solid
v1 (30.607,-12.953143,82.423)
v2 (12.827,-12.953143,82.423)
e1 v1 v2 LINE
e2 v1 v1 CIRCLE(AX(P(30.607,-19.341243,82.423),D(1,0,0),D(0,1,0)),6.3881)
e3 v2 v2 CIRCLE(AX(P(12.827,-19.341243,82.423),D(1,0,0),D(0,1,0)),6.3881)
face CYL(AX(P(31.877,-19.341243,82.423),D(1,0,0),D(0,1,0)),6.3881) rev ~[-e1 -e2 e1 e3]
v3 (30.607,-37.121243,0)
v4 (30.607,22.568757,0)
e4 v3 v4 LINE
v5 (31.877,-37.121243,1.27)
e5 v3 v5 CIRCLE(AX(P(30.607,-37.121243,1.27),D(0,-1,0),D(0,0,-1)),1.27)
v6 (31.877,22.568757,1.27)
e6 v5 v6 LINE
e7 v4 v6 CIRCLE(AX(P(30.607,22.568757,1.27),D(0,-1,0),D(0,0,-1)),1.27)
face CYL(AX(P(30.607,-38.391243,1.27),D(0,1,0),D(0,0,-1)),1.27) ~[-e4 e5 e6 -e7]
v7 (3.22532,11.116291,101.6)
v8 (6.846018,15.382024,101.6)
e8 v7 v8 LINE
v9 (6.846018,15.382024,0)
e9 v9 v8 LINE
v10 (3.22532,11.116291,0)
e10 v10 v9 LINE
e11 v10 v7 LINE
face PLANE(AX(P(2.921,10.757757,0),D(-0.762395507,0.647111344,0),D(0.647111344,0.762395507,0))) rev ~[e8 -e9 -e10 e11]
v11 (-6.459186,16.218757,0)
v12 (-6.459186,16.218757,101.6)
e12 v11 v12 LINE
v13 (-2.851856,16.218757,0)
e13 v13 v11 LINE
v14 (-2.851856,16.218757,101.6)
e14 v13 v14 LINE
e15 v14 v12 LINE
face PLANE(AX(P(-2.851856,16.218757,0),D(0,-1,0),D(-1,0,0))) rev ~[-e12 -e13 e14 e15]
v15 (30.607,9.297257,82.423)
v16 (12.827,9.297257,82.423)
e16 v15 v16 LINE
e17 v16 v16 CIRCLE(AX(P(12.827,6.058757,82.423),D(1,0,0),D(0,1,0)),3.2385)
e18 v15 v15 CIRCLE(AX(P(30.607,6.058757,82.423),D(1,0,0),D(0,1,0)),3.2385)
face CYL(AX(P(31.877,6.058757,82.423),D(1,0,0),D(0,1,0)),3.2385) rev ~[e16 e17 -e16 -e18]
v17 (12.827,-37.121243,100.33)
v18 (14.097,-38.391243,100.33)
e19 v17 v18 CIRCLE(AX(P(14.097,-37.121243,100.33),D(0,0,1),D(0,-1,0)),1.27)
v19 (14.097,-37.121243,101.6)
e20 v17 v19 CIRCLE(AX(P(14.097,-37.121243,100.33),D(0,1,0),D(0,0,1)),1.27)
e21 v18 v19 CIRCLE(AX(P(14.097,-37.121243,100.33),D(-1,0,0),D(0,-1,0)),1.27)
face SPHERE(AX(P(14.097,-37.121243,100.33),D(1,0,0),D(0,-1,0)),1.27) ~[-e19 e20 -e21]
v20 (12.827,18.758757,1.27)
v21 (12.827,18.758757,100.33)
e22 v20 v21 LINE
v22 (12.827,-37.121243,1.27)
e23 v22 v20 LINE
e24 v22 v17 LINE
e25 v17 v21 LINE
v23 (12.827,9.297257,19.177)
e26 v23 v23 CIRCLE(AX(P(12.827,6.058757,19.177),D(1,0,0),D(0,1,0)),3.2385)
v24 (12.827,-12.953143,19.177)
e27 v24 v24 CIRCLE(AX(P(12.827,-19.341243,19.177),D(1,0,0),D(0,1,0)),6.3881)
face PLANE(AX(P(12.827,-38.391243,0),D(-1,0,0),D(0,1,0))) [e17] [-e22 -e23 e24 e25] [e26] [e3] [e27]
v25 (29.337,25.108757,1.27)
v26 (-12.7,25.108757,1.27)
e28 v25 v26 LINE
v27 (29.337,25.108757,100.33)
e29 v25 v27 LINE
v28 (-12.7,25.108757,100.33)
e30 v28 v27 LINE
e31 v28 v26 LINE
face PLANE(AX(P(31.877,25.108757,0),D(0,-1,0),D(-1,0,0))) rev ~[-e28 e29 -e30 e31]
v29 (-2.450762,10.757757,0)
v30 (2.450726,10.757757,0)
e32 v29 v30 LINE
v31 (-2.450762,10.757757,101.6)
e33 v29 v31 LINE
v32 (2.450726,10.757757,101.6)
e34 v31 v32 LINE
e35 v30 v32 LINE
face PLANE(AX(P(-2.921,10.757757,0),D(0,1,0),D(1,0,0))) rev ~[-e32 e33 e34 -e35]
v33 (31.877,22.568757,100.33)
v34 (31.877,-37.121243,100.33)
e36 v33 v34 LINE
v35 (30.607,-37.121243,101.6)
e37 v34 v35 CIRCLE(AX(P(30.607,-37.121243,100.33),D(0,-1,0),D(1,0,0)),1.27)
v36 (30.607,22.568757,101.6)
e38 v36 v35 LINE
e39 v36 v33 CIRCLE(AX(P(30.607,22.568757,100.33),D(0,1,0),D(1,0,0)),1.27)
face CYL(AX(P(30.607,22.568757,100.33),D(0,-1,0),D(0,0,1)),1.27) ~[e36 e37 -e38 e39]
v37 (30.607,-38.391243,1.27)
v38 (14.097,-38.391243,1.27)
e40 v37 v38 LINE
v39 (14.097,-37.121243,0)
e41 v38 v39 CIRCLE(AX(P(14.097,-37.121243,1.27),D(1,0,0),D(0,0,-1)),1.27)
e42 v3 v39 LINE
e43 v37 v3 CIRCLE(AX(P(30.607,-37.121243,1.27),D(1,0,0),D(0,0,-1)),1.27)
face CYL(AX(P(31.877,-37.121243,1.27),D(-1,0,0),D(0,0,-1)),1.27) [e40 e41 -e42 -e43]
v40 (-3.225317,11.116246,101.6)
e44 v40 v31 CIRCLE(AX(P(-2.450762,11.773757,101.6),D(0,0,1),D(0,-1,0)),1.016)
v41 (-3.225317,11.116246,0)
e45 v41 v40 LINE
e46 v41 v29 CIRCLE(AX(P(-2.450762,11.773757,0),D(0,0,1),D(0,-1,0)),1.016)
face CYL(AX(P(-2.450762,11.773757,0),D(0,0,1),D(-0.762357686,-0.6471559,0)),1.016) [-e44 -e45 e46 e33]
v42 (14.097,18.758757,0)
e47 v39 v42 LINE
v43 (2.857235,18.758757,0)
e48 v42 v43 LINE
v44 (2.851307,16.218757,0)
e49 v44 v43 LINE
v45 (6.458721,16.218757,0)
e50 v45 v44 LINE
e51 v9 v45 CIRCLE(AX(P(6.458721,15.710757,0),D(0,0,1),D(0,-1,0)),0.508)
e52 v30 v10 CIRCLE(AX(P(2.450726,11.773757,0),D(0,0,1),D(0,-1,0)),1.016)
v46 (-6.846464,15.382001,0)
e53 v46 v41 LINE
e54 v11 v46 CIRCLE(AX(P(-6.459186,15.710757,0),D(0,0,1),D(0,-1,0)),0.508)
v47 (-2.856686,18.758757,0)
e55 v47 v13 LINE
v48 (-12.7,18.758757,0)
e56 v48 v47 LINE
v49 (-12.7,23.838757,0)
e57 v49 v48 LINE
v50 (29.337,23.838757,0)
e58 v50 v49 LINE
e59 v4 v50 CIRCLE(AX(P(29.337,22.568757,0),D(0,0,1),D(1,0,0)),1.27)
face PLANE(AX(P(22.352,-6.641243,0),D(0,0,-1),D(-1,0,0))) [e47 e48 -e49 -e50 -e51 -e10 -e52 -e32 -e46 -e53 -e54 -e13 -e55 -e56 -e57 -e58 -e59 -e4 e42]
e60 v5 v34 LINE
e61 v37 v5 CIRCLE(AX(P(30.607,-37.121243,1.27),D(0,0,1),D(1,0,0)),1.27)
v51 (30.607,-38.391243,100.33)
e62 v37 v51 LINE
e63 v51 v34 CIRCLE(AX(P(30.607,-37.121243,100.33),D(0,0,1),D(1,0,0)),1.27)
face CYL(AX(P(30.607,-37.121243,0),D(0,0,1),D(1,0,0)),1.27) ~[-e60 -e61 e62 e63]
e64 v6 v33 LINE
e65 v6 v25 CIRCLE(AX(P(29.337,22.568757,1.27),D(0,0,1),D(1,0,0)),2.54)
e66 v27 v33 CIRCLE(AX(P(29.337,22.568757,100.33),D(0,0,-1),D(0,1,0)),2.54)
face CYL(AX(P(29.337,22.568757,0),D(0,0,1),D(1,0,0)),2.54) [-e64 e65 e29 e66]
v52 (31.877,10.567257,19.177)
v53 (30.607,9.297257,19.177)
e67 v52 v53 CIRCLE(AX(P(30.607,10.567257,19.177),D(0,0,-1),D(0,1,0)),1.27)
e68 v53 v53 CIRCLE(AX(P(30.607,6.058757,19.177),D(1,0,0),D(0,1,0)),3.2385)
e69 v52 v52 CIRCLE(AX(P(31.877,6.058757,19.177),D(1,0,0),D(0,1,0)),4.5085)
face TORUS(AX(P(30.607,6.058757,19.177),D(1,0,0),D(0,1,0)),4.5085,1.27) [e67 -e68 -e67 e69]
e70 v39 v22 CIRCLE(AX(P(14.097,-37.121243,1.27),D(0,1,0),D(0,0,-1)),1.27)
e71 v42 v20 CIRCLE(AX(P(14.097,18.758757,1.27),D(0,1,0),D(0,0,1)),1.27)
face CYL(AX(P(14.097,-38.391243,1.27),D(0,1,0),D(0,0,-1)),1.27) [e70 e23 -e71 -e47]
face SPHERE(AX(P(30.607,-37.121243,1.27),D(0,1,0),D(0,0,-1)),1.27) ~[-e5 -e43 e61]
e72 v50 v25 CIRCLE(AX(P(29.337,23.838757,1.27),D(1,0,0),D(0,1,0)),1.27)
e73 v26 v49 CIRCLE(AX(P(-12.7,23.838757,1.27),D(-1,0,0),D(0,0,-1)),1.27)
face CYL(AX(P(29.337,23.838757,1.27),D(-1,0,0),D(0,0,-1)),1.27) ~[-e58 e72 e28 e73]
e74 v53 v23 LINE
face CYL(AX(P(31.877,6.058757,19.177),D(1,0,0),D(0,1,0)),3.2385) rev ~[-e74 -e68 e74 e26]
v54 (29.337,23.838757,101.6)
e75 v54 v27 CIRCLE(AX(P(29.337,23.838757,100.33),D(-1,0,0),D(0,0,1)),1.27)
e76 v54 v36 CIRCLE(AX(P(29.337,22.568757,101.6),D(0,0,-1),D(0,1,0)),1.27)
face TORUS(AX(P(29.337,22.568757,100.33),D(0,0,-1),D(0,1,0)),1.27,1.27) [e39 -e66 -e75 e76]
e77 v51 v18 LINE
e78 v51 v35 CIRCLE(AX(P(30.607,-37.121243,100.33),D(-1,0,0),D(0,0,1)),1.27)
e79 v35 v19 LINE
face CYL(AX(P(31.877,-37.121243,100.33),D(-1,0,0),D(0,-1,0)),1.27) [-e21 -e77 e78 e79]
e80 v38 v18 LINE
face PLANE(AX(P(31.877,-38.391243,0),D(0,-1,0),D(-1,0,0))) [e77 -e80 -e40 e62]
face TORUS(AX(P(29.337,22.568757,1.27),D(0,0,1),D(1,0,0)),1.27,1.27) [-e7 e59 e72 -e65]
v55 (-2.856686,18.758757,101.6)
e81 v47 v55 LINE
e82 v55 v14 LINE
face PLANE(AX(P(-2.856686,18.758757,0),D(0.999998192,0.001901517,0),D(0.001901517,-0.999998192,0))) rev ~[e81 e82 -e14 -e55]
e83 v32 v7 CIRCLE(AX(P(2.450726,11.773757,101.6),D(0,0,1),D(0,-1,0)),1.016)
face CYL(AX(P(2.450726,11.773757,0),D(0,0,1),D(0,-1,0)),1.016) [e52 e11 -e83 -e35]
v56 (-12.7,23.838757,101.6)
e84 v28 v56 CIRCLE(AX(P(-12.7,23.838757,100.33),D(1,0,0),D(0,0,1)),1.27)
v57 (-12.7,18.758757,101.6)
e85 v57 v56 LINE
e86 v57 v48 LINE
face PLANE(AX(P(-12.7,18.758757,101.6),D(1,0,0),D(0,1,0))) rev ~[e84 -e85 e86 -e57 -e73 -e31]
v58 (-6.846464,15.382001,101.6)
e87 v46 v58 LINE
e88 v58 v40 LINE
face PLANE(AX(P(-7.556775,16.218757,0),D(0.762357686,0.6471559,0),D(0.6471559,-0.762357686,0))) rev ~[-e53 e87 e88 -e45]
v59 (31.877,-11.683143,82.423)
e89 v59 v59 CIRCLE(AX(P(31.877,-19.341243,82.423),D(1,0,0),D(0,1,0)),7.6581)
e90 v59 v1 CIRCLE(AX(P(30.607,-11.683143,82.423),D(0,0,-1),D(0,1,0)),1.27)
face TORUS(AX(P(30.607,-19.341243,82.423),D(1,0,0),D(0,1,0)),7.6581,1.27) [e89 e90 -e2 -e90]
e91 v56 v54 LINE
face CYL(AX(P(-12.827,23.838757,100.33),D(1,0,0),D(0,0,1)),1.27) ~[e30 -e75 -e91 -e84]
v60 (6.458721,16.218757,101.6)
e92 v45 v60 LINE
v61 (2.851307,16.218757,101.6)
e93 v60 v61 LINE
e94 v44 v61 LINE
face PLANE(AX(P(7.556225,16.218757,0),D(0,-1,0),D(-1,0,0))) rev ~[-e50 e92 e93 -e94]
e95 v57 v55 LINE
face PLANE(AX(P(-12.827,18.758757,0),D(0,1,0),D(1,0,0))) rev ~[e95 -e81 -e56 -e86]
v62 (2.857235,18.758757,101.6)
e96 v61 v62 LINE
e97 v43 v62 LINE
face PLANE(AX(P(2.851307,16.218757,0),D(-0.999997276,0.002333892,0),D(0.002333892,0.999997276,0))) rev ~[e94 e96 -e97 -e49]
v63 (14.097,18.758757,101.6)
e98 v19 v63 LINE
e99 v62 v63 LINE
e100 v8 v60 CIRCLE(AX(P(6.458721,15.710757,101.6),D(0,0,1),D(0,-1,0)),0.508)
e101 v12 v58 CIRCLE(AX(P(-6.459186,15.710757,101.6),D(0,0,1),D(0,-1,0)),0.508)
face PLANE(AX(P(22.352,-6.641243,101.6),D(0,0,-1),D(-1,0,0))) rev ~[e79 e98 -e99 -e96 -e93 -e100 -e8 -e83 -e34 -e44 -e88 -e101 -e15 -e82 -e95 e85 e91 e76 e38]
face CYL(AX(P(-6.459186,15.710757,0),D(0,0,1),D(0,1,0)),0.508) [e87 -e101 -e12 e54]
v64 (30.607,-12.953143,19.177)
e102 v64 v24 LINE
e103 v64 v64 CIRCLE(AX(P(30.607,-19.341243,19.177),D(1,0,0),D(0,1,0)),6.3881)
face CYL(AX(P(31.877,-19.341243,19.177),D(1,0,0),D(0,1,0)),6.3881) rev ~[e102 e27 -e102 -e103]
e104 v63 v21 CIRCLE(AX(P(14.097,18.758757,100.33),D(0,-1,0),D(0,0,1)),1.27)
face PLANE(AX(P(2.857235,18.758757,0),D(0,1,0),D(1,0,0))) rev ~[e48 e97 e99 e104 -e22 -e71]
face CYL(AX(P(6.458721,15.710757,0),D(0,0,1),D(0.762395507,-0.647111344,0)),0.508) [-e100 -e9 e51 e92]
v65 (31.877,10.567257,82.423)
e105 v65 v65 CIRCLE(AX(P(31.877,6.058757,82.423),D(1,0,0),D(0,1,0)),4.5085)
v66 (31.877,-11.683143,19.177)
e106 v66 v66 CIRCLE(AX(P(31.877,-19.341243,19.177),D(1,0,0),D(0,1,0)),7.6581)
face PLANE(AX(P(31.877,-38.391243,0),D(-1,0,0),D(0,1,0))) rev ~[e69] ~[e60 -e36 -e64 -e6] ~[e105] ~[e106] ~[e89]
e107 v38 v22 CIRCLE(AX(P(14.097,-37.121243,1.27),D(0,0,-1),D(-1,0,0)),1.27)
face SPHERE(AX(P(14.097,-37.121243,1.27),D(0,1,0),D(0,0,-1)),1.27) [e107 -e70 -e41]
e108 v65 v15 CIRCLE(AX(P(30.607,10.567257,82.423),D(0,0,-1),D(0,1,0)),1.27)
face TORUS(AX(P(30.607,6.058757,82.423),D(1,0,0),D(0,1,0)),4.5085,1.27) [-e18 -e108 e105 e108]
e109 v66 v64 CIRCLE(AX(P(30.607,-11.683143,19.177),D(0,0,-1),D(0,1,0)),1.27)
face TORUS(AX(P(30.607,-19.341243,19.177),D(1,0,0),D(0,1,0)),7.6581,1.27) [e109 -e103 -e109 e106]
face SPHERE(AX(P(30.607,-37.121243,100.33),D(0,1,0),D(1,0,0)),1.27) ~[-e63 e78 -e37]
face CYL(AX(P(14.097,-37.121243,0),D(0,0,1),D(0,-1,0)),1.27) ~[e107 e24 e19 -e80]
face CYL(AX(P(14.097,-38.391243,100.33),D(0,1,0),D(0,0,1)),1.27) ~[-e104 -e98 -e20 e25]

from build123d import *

# Parameters (mm, degrees)
SKETCH1_W           = 25.654
SKETCH1_H           = 6.35
BOSS_EXTRUDE1_DEPTH = 101.6
FILLET1_R           = 0.508
FILLET2_R           = 1.016
SKETCH3_W           = 19.05
SKETCH3_H           = 63.5
BOSS_EXTRUDE3_DEPTH = 101.6
SKETCH4_R           = 6.3881
CUT_EXTRUDE1_DEPTH  = 25.4
FILLET3_R           = 2.54
FILLET4_R           = 1.27
FILLET5_R           = 1.27
CUT_EXTRUDE3_REACH  = 119.452
SKETCH5_R           = 3.2385
FILLET7_R           = 1.27
SKETCH6_W           = 0.127
SKETCH6_H           = 6.35
CUT_EXTRUDE4_DEPTH  = 114.192714866


with BuildPart() as part:
    # Sketch1 → Boss-Extrude1 (new body)
    with BuildSketch(Plane.XY):
        with Locations((0, 21.933756602)):
            Rectangle(SKETCH1_W, SKETCH1_H)
        Polygon((2.851307039, 16.218756602), (2.857235141, 18.758756602), (-2.856686021, 18.758756602), (-2.851856159, 16.218756602), (-7.55677456, 16.218756602), (-2.921, 10.757756602), (2.921, 10.757756602), (7.55622544, 16.218756602), align=None)
    extrude(amount=BOSS_EXTRUDE1_DEPTH)

    # Fillet1
    fillet1_edges = [part.edges().sort_by_distance(p)[0] for p in [
        (7.55622544, 16.218756602, 50.8),
        (-7.55677456, 16.218756602, 50.8),
    ]]
    fillet(fillet1_edges, radius=FILLET1_R)

    # Fillet2
    fillet2_edges = [part.edges().sort_by_distance(p)[0] for p in [
        (2.921, 10.757756602, 50.8),
        (-2.921, 10.757756602, 50.8),
    ]]
    fillet(fillet2_edges, radius=FILLET2_R)

    # Sketch3 → Boss-Extrude3 (add)
    with BuildSketch(Plane(origin=(0, 0, 0), x_dir=(-1, 0, 0), z_dir=(0, 0, -1))):
        with Locations((-22.352, -6.641243398)):
            Rectangle(SKETCH3_W, SKETCH3_H)
    extrude(amount=-BOSS_EXTRUDE3_DEPTH)

    # Sketch4 → Cut-Extrude1 (cut)
    with BuildSketch(Plane(origin=(31.877, 0, 0), x_dir=(0, 0, -1), z_dir=(1, 0, 0))):
        with Locations(Location((-19.177, -19.341243398, 0), (0, 0, 90))):
            Circle(SKETCH4_R)
        with Locations(Location((-82.423, -19.341243398, 0), (0, 0, 90))):
            Circle(SKETCH4_R)
    extrude(amount=-CUT_EXTRUDE1_DEPTH, mode=Mode.SUBTRACT)

    # Fillet3
    fillet3_edges = [part.edges().sort_by_distance(p)[0] for p in [
        (31.877, 25.108756602, 50.8),
    ]]
    fillet(fillet3_edges, radius=FILLET3_R)

    # Fillet4
    fillet4_edges = [part.edges().sort_by_distance(p)[0] for p in [
        (31.877, -25.729343398, 82.423),
        (31.877, -25.729343398, 19.177),
    ]]
    fillet(fillet4_edges, radius=FILLET4_R)

    # Fillet5
    fillet5_edges = [part.edges().sort_by_distance(p)[0] for p in [
        (8.255, 25.108756602, 0),
        (8.255, 25.108756602, 101.6),
        (12.827, -9.816243398, 0),
        (22.352, -38.391243398, 0),
        (31.877, -38.391243398, 50.8),
        (22.352, -38.391243398, 101.6),
        (12.827, -38.391243398, 50.8),
        (12.827, -9.816243398, 101.6),
        (31.877, -7.911243398, 0),
        (31.133051224, 24.364807826, 0),
        (31.877, -7.911243398, 101.6),
        (31.133051224, 24.364807826, 101.6),
    ]]
    fillet(fillet5_edges, radius=FILLET5_R)

    # Sketch5 → Cut-Extrude3 (cut, up to next)
    with BuildSketch(Plane(origin=(31.877, 0, 0), x_dir=(0, 0, -1), z_dir=(1, 0, 0)), mode=Mode.PRIVATE) as cut_extrude3_sk1:
        with Locations(Location((-82.423, 6.058756602, 0), (0, 0, 90))):
            Circle(SKETCH5_R)
    cut_extrude3_tool1 = extrude(cut_extrude3_sk1.sketch, amount=-CUT_EXTRUDE3_REACH, mode=Mode.PRIVATE) & part.part
    # Sketch5 → Cut-Extrude3 (cut, up to next)
    with BuildSketch(Plane(origin=(31.877, 0, 0), x_dir=(0, 0, -1), z_dir=(1, 0, 0)), mode=Mode.PRIVATE) as cut_extrude3_sk2:
        with Locations(Location((-19.177, 6.058756602, 0), (0, 0, 90))):
            Circle(SKETCH5_R)
    cut_extrude3_tool2 = extrude(cut_extrude3_sk2.sketch, amount=-CUT_EXTRUDE3_REACH, mode=Mode.PRIVATE) & part.part
    add(cut_extrude3_tool1.solids().sort_by_distance((31.877, 6.058757, 82.423))[0], mode=Mode.SUBTRACT)
    add(cut_extrude3_tool2.solids().sort_by_distance((31.877, 6.058757, 19.177))[0], mode=Mode.SUBTRACT)

    # Fillet7
    fillet7_edges = [part.edges().sort_by_distance(p)[0] for p in [
        (31.877, 2.820256602, 82.423),
        (31.877, 2.820256602, 19.177),
    ]]
    fillet(fillet7_edges, radius=FILLET7_R)

    # Sketch6 → Cut-Extrude4 (cut, through all)
    with BuildSketch(Plane.XY.offset(101.6)):
        with Locations((-12.7635, 21.933756602)):
            Rectangle(SKETCH6_W, SKETCH6_H)
    extrude(amount=-CUT_EXTRUDE4_DEPTH, mode=Mode.SUBTRACT)


solid = part.part
